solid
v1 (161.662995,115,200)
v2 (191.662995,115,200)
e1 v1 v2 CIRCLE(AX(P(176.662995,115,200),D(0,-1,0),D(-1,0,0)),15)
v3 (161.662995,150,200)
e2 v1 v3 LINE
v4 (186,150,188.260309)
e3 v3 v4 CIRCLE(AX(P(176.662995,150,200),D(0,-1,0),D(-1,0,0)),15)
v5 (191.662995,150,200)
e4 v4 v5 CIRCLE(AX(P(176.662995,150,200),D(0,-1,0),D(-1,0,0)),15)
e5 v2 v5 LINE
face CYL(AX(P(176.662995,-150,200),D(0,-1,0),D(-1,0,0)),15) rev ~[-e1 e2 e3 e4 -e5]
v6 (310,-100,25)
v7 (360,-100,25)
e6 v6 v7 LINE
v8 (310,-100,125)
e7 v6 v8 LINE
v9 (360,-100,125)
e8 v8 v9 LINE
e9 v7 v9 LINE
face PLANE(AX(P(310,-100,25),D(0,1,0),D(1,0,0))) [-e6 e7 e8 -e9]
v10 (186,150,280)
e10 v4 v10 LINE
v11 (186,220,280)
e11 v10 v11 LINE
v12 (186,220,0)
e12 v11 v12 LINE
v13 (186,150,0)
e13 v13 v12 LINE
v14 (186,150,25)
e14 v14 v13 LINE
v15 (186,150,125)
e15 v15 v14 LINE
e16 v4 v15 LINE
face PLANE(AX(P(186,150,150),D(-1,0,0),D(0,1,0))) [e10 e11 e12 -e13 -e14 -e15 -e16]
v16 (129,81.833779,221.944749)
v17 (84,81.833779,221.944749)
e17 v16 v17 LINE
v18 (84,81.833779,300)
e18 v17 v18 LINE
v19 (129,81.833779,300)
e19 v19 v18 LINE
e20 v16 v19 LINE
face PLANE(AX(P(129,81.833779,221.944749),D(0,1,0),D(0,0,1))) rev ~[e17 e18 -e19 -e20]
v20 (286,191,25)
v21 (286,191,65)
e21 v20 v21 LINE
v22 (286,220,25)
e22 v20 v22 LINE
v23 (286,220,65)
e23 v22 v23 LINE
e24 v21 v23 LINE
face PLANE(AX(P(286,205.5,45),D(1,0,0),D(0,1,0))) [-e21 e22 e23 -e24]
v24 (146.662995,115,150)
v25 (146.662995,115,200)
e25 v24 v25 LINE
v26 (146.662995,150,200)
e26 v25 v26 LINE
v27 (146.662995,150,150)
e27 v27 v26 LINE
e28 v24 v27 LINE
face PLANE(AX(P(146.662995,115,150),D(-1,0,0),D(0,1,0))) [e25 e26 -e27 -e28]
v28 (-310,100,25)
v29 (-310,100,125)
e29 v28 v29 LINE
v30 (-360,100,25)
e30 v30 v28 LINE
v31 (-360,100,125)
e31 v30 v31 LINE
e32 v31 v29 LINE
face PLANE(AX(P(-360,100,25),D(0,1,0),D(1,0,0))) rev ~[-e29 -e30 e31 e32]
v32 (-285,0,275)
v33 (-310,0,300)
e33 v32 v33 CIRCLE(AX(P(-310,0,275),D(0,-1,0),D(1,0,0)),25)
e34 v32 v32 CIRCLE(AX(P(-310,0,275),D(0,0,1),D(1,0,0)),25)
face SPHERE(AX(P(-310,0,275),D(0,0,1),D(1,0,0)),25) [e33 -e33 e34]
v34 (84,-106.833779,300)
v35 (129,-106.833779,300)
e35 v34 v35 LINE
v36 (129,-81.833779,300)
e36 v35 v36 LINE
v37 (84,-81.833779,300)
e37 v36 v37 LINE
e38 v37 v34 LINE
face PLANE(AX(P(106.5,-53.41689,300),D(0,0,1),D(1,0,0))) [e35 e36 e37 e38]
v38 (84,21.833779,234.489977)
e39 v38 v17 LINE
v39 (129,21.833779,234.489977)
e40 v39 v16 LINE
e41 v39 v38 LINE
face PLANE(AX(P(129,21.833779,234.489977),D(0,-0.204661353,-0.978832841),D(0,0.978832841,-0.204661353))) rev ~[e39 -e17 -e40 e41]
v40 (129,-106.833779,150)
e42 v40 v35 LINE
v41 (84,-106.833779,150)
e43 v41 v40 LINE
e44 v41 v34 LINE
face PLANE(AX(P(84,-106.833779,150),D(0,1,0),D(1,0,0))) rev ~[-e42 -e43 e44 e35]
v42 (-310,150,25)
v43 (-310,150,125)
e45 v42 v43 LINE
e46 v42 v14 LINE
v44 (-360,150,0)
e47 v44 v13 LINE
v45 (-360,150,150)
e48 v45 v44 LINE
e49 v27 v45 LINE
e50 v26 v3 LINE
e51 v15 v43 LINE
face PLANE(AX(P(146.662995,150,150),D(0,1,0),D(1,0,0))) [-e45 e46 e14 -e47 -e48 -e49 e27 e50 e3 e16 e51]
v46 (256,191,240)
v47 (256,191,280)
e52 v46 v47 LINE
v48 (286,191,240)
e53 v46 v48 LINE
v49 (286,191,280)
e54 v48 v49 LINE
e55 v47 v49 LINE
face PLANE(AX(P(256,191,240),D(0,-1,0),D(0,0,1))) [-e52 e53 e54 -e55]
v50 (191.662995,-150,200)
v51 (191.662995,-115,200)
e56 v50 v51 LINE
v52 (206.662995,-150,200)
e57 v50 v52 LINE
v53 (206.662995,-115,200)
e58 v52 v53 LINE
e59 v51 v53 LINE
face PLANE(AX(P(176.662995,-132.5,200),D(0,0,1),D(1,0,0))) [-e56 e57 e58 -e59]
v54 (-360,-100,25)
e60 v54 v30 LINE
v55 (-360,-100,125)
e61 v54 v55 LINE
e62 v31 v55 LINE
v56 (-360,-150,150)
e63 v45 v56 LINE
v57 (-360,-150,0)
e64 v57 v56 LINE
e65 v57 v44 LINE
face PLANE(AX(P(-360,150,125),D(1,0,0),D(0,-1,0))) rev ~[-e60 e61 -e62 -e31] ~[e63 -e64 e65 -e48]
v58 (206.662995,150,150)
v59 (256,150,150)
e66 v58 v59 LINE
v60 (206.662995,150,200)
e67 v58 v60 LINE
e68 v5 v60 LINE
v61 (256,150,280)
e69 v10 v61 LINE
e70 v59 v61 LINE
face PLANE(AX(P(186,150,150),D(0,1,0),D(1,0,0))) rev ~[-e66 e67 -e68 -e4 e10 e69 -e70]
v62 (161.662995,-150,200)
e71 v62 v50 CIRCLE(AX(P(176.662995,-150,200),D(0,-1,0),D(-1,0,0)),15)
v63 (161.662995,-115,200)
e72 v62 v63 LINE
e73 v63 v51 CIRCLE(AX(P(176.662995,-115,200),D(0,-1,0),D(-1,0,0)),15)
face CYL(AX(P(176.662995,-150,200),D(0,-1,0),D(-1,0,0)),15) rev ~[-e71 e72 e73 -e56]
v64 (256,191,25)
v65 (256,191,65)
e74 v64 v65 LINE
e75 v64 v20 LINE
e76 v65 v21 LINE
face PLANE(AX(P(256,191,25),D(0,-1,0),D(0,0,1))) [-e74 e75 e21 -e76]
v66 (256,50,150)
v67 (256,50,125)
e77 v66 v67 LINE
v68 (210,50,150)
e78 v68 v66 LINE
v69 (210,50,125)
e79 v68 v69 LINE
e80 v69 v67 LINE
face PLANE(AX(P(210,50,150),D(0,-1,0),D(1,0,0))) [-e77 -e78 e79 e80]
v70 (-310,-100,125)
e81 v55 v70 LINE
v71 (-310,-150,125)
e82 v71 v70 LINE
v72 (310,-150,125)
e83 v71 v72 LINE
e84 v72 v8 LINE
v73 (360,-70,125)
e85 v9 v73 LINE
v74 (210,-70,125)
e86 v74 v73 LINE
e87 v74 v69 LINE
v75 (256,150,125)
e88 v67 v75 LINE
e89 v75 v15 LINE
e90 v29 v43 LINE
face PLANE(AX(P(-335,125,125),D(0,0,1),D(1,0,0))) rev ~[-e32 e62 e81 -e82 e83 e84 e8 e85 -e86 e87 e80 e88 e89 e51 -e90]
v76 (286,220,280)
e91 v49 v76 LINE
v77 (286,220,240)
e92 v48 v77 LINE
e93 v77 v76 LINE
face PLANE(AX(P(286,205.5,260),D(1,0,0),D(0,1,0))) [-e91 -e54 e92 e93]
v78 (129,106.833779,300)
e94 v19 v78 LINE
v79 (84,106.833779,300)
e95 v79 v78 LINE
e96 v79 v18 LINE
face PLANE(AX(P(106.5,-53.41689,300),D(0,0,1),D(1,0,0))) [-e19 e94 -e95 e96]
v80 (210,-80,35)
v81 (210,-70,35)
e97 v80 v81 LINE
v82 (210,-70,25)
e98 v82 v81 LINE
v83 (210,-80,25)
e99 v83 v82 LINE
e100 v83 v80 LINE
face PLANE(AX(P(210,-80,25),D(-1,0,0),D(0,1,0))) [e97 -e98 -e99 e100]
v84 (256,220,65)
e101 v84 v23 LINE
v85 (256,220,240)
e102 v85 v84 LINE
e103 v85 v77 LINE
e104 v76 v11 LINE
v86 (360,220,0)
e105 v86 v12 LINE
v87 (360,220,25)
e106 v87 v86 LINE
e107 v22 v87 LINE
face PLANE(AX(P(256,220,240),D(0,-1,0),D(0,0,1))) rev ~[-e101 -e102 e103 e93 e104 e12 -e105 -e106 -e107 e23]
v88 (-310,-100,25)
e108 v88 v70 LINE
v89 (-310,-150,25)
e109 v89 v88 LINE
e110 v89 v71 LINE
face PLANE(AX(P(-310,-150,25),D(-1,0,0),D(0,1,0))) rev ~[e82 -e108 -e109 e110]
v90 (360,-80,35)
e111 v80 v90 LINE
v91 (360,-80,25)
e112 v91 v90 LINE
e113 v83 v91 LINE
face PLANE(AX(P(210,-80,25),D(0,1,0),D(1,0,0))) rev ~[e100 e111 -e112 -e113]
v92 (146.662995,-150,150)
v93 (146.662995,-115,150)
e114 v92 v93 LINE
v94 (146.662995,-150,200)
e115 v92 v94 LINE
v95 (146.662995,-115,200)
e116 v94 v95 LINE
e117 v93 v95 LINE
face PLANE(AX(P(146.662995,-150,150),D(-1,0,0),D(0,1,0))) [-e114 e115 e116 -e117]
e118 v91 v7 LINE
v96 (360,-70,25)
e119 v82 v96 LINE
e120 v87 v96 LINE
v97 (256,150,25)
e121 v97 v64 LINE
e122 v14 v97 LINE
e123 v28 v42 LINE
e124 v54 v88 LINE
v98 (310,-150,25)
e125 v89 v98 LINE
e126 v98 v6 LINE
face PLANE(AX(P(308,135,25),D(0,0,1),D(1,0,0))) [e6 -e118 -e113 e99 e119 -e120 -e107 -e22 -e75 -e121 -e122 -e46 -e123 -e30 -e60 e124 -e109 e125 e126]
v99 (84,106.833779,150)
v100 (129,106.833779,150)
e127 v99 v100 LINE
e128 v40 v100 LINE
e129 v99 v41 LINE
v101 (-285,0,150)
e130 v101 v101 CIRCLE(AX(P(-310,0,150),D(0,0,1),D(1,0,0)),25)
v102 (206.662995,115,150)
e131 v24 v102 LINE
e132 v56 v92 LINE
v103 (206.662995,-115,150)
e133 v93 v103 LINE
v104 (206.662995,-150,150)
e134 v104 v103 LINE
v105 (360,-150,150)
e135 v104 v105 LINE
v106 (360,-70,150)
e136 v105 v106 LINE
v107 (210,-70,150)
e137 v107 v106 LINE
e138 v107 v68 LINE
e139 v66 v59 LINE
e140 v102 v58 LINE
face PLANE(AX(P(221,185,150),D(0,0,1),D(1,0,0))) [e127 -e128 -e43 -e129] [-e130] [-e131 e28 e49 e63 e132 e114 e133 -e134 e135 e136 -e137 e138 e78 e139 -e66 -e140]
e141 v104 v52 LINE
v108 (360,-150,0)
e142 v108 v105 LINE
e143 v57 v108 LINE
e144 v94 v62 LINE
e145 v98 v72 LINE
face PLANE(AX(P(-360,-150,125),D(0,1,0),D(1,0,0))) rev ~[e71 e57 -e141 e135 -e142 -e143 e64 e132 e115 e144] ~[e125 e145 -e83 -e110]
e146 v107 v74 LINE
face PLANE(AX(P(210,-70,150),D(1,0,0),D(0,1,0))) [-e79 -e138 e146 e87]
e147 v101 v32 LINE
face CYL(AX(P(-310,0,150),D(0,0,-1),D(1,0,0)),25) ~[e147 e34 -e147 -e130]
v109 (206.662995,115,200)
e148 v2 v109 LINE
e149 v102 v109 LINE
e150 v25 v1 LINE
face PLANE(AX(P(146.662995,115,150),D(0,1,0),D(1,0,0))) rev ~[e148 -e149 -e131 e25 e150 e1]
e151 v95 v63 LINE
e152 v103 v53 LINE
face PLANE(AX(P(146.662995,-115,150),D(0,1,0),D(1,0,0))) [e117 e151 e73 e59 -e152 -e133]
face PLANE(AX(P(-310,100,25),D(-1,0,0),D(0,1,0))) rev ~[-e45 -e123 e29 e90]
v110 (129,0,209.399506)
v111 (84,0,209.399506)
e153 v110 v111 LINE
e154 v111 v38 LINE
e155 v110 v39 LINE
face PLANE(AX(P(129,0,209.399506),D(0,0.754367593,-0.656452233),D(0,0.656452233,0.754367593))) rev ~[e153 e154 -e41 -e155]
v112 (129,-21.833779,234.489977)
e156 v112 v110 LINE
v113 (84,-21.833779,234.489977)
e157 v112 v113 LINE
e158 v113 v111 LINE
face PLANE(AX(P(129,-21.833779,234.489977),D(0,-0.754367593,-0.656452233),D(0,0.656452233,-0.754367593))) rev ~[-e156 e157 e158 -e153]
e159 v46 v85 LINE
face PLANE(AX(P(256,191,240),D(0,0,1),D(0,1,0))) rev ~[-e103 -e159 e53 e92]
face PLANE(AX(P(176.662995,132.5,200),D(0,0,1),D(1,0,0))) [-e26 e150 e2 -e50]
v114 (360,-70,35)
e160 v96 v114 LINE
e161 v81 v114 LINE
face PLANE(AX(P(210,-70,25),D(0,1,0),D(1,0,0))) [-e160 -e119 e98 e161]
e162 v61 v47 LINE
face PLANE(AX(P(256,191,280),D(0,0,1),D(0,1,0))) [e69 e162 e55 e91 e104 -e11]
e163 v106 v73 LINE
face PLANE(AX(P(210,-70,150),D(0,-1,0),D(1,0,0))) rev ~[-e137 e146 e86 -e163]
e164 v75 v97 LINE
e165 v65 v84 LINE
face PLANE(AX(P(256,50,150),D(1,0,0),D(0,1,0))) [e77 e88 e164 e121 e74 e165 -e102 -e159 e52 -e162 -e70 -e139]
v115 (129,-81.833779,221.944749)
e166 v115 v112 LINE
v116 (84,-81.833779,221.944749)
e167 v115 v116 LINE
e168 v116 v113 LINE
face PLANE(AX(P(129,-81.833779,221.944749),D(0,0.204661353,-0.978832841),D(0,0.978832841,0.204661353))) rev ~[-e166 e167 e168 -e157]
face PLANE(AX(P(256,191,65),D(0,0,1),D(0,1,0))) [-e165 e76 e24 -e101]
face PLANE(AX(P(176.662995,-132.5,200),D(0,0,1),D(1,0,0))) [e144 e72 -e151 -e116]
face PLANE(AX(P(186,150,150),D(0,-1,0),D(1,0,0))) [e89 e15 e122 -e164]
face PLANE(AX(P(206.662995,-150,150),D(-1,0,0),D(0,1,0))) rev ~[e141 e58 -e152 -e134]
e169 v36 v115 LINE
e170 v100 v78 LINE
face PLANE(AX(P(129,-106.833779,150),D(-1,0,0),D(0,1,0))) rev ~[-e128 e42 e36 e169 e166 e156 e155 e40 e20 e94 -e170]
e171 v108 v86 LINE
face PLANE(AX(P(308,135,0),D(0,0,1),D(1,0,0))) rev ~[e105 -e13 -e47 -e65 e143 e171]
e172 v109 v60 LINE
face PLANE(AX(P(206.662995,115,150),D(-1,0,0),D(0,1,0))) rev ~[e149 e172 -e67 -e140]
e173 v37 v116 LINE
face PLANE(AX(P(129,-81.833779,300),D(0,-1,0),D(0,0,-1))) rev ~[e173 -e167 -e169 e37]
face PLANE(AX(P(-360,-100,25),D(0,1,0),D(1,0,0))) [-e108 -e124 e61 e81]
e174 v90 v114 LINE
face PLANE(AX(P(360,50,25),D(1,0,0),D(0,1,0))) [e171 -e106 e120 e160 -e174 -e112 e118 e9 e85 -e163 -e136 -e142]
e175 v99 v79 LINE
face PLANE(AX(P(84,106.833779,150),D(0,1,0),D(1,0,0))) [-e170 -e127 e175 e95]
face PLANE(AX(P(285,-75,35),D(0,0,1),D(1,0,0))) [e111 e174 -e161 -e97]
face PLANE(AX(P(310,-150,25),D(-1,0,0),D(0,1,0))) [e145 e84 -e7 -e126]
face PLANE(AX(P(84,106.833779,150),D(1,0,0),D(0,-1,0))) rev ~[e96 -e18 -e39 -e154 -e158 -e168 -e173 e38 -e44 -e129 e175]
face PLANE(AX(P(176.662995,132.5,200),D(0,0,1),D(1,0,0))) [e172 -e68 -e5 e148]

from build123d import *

# Parameters (mm, degrees)
F0_W      = 720
F0_H      = 300
F1_DEPTH  = 25
F2_W      = 50
F2_H      = 50
F3_DEPTH  = 100
F4_W      = 50
F4_H      = 50
F5_DEPTH  = 100
F6_W      = 50
F6_H      = 50
F7_DEPTH  = 25
F8_R      = 25
F9_DEPTH  = 150
F10_W     = 45
F10_H     = 106.8337794484
F11_DEPTH = 150
F13_DEPTH = 50
F14_W     = 70
F14_H     = 70
F15_DEPTH = 150
F16_DEPTH = 130
F17_R     = 25
F18_W     = 150
F18_H     = 120
F19_DEPTH = 25
F20_W     = 60
F20_H     = 35
F21_DEPTH = 50
F23_DEPTH = 300
F24_W     = 104
F24_H     = 100
F25_DEPTH = 150
F26_W     = 104
F26_H     = 170
F27_DEPTH = 25
F28_W     = 29
F28_H     = 40
F29_DEPTH = 30
F30_W     = 150
F30_H     = 10
F31_DEPTH = 10


with BuildPart() as f1:
    # F0 (on Top) → F1 (new body)
    with BuildSketch(Plane.XY):
        Rectangle(F0_W, F0_H)
    extrude(amount=F1_DEPTH)

    # F2 (on face) → F3 (join)
    with BuildSketch(Plane.XY.offset(25)):
        with Locations((-335, -125)):
            Rectangle(F2_W, F2_H)
    extrude(amount=F3_DEPTH)

    # F4 (on face) → F5 (join)
    with BuildSketch(Plane.XY.offset(25)):
        with Locations((335, -125)):
            Rectangle(F4_W, F4_H)
        with Locations((-335, 125)):
            Rectangle(F4_W, F4_H)
        with Locations((335, 125)):
            Rectangle(F4_W, F4_H)
    extrude(amount=F5_DEPTH)

    # F6 (on face) → F7 (join)
    with BuildSketch(Plane.XY.offset(125)):
        with Locations((-335, 125)):
            Rectangle(F6_W, F6_H)
        Polygon((360, 150), (-310, 150), (-310, 100), (-360, 100), (-360, -150), (360, -150), align=None)
    extrude(amount=F7_DEPTH)

    # F8 (on face) → F9 (join)
    with BuildSketch(Plane.XY.offset(150)):
        with Locations((-310, 0)):
            Circle(F8_R)
    extrude(amount=F9_DEPTH)

    # F10 (on face) → F11 (join)
    with BuildSketch(Plane.XY.offset(150)):
        with Locations((106.5, -53.4168897242)):
            Rectangle(F10_W, F10_H)
        with Locations((106.5, 53.4168897242)):
            Rectangle(F10_W, F10_H)
    extrude(amount=F11_DEPTH)

    # F12 (on face) → F13 (cut)
    with BuildSketch(Plane.YZ.offset(129)):
        Polygon((81.8337794484, 300), (-81.8337794484, 300), (-81.8337794484, 221.9447493553), (-21.8337794484, 234.4899773598), (0, 209.3995064497), (21.8337794484, 234.4899773598), (81.8337794484, 221.9447493553), align=None)
    extrude(amount=-F13_DEPTH, mode=Mode.SUBTRACT)

    # F14 (on face) → F15 (join)
    with BuildSketch(Plane.XY.offset(150)):
        with Locations((221, 185)):
            Rectangle(F14_W, F14_H)
    extrude(amount=-F15_DEPTH)

    # F14 (on face) → F16 (join)
    with BuildSketch(Plane.XY.offset(150)):
        with Locations((221, 185)):
            Rectangle(F14_W, F14_H)
    extrude(amount=F16_DEPTH)

    # F17
    f17_edges = [f1.edges().sort_by_distance(p)[0] for p in [
        (-335, 0, 300),
    ]]
    fillet(f17_edges, radius=F17_R)

    # F18 (on face) → F19 (cut)
    with BuildSketch(Plane.XY.offset(150)):
        with Locations((285, -10)):
            Rectangle(F18_W, F18_H)
    extrude(amount=-F19_DEPTH, mode=Mode.SUBTRACT)

    # F20 (on face) → F21 (join)
    with BuildSketch(Plane.XY.offset(150)):
        with Locations((176.6629952192, -132.5)):
            Rectangle(F20_W, F20_H)
        with Locations((176.6629952192, 132.5)):
            Rectangle(F20_W, F20_H)
    extrude(amount=F21_DEPTH)

    # F22 (on face) → F23 (cut)
    with BuildSketch(Plane.XZ.offset(150)):
        with BuildLine():
            Line((191.6629952192, 200), (161.6629952192, 200))
            ThreePointArc((161.6629952192, 200), (176.6629952192, 185), (191.6629952192, 200))
        make_face()
    extrude(amount=-F23_DEPTH, mode=Mode.SUBTRACT)

    # F24 (on face) → F25 (cut)
    with BuildSketch(Plane.XY.offset(150)):
        with Locations((308, 100)):
            Rectangle(F24_W, F24_H)
    extrude(amount=-F25_DEPTH, mode=Mode.SUBTRACT)

    # F26 (on face) → F27 (join)
    with BuildSketch(Plane.XY.offset(25)):
        with Locations((308, 135)):
            Rectangle(F26_W, F26_H)
    extrude(amount=-F27_DEPTH)

    # F28 (on face) → F29 (join)
    with BuildSketch(Plane.YZ.offset(256)):
        with Locations((205.5, 260)):
            Rectangle(F28_W, F28_H)
        with Locations((205.5, 45)):
            Rectangle(F28_W, F28_H)
    extrude(amount=F29_DEPTH)

    # F30 (on face) → F31 (join)
    with BuildSketch(Plane.XY.offset(25)):
        with Locations((285, -75)):
            Rectangle(F30_W, F30_H)
    extrude(amount=F31_DEPTH)


solid = f1.part
